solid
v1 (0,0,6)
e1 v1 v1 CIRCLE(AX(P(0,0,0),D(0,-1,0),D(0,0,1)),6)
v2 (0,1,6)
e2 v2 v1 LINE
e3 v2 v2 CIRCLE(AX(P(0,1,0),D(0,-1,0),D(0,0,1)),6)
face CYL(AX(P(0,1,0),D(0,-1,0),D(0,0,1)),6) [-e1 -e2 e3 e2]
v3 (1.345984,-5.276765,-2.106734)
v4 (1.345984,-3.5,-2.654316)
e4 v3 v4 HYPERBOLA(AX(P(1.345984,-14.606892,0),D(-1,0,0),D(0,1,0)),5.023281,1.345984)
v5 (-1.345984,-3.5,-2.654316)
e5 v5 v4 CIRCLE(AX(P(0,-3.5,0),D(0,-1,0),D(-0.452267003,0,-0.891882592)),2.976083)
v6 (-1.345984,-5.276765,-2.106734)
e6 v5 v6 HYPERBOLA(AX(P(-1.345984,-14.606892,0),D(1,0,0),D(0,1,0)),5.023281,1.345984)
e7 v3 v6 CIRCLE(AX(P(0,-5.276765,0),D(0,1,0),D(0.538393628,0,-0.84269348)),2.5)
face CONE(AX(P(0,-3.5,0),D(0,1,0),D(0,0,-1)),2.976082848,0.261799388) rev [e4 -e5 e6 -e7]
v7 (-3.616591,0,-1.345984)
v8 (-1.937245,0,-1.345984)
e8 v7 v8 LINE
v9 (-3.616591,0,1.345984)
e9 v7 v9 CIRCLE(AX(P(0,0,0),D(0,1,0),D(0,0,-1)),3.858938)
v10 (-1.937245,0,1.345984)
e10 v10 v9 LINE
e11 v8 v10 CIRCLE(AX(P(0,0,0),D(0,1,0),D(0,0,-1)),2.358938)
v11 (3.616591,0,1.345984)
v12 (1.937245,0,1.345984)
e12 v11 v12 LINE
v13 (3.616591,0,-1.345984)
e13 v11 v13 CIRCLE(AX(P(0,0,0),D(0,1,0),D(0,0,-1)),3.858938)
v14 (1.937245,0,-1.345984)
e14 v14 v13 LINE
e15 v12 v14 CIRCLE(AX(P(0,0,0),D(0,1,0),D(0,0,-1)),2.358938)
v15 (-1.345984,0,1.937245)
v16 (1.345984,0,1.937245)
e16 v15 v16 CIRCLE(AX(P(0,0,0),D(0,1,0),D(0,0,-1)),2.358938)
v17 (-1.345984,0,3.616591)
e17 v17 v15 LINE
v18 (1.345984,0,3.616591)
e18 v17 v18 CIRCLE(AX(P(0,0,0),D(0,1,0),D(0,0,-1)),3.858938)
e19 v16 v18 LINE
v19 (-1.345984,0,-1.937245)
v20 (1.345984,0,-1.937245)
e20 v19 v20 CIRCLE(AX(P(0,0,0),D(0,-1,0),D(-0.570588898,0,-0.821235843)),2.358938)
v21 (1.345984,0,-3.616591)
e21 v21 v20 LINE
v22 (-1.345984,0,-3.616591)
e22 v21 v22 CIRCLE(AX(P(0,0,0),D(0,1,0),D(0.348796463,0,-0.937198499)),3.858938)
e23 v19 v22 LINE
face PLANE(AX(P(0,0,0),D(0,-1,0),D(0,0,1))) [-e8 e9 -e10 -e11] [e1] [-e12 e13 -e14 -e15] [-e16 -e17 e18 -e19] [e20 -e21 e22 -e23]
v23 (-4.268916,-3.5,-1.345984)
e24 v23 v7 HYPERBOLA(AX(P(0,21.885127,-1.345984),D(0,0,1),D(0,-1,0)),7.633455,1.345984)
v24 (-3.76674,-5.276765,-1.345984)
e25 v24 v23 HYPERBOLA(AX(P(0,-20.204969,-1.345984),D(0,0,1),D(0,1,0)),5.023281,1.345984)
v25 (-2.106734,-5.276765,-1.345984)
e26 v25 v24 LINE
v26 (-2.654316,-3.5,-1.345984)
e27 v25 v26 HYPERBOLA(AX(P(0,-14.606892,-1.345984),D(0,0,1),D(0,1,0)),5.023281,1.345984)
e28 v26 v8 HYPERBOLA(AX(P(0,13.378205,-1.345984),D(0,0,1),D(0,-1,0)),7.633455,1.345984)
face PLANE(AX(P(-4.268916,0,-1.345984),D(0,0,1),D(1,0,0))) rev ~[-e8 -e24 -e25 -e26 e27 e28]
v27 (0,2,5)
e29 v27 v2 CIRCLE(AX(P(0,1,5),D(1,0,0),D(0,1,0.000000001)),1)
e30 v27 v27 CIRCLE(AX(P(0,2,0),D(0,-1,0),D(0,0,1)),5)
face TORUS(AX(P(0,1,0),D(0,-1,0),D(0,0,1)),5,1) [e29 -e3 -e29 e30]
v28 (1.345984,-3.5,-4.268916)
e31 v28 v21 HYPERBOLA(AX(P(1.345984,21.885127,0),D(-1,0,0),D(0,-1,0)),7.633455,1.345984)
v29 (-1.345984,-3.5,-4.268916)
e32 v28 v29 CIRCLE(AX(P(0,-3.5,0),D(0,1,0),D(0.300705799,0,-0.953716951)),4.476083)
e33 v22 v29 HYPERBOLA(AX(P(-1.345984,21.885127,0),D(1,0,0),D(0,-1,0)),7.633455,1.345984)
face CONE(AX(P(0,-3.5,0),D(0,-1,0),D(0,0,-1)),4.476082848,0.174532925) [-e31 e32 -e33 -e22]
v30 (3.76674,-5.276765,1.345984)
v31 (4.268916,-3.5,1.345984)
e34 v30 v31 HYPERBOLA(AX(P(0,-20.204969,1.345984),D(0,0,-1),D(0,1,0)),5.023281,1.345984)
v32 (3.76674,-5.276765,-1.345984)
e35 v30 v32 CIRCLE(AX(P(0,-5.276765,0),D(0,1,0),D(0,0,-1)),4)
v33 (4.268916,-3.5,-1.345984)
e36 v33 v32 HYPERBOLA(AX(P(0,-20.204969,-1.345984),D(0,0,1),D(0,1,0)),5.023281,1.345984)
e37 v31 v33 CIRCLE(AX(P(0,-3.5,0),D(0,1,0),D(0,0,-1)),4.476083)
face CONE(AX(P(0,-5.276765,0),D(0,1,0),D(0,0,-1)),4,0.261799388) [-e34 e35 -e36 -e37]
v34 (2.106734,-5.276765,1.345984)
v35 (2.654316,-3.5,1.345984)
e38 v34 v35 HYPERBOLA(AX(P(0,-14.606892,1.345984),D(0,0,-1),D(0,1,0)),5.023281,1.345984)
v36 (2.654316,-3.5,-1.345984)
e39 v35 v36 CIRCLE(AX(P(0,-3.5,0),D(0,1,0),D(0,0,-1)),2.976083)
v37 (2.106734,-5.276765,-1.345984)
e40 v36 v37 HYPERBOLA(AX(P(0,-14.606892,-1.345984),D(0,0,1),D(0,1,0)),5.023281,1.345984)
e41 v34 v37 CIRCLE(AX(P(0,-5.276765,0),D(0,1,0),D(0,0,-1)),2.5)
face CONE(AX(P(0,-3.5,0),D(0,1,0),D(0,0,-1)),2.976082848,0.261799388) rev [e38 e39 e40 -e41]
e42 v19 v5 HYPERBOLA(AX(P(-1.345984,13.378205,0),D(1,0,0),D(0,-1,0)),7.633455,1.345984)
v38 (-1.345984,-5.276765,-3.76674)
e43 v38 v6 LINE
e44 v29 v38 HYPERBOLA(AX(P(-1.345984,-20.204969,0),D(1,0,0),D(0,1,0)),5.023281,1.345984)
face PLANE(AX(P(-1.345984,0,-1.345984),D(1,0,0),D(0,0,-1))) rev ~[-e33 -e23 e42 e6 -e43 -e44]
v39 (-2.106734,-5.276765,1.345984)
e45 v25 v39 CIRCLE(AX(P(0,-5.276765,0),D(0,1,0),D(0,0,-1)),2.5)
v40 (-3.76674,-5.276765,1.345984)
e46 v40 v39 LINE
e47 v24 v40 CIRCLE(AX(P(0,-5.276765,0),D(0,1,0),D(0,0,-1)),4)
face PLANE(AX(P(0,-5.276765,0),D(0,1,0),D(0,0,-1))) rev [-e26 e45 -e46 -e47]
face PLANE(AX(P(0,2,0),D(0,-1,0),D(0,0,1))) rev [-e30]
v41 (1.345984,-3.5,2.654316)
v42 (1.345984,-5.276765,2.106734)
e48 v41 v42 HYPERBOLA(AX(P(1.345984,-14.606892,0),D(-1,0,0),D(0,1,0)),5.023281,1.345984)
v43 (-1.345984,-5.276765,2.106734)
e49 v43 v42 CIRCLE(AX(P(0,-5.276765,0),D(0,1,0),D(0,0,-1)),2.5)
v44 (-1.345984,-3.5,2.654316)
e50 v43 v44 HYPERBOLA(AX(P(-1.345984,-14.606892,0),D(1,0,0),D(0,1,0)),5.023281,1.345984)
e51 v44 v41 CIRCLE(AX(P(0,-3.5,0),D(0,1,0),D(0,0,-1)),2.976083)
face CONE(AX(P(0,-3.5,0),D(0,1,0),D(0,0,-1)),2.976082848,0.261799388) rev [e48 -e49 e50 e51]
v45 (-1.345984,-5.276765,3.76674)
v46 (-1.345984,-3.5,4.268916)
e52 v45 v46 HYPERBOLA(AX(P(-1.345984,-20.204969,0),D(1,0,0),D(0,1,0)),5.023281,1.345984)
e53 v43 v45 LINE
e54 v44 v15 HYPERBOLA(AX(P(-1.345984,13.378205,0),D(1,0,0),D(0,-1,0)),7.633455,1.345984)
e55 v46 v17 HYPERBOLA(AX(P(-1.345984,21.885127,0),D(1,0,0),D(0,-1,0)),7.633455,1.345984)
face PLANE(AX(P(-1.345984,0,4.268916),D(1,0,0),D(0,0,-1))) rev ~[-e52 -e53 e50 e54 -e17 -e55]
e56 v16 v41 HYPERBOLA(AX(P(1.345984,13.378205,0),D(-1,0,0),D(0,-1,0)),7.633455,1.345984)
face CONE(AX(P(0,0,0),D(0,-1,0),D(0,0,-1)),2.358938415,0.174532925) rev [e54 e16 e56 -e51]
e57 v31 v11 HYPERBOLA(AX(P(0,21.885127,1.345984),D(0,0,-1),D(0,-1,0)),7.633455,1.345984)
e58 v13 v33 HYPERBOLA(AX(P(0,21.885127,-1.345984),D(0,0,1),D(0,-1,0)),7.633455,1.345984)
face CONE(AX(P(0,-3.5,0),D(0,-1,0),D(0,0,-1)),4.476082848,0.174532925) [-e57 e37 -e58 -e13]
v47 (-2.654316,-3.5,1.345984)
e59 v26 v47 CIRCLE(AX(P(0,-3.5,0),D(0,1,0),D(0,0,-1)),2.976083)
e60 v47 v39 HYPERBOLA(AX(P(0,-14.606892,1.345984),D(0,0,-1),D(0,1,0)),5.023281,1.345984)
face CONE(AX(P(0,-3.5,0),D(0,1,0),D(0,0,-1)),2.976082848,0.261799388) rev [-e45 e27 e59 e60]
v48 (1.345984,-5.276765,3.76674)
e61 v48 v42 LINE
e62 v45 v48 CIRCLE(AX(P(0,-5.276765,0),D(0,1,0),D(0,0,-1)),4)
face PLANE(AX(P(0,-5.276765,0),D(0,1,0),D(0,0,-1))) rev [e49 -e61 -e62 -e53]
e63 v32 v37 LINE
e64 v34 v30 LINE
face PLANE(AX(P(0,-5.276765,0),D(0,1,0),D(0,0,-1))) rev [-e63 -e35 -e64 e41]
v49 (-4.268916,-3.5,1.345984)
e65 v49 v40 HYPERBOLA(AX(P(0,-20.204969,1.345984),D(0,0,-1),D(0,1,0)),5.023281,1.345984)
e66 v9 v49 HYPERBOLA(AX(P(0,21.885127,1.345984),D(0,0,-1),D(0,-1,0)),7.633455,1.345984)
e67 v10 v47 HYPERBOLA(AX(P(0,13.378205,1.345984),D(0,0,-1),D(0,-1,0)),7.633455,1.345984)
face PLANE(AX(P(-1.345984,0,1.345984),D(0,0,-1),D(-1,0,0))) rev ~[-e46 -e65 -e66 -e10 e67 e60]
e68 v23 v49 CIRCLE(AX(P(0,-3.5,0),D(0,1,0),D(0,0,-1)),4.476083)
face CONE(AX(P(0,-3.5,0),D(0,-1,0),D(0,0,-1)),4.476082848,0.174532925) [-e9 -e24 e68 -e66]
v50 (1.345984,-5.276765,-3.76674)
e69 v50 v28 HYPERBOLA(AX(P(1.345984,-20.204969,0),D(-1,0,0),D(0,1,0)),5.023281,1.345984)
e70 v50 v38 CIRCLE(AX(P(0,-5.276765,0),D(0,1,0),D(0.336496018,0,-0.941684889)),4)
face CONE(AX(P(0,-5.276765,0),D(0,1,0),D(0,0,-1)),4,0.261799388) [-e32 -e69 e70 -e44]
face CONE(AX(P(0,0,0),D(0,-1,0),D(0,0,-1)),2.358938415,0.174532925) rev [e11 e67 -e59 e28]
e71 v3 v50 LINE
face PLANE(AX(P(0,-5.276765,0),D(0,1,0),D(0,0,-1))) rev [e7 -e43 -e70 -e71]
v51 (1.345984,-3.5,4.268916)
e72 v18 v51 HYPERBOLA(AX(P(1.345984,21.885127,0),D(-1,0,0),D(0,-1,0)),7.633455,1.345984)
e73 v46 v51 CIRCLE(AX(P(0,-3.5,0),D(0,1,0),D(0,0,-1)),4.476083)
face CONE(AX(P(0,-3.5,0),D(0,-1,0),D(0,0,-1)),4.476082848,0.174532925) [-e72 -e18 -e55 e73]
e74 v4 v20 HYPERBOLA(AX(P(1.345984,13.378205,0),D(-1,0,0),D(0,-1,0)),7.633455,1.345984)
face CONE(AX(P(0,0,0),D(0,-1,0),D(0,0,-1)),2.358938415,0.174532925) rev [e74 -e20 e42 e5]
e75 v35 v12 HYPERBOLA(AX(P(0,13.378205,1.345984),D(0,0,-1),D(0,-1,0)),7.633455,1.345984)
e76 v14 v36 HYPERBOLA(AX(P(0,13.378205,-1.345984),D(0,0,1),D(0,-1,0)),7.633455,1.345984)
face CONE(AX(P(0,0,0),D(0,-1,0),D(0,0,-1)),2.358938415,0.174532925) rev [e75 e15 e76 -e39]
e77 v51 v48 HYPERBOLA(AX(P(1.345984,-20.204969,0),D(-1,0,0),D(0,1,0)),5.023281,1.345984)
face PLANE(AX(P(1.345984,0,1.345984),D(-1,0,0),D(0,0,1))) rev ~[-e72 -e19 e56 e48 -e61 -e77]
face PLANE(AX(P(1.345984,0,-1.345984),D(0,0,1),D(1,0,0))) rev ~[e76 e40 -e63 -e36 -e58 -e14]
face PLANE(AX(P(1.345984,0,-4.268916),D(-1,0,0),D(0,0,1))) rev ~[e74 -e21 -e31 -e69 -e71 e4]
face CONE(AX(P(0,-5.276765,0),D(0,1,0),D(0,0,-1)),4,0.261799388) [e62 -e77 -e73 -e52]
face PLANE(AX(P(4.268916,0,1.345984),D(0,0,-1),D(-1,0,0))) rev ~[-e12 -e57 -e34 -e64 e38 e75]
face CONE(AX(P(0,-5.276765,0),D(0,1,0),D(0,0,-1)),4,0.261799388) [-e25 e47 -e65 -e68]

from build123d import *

# Parameters (mm, degrees)
CUT_EXTRUDE1_DEPTH = 10.992209668


with BuildPart() as part:
    # Sketch1 → Revolve1 (revolve)
    with BuildSketch(Plane.XY, mode=Mode.PRIVATE) as revolve1_sk:
        with BuildLine():
            Line((0, 2), (-5, 2))
            ThreePointArc((-5, 2), (-5.707106781, 1.707106781), (-6, 1))
            Line((-6, 1), (-6, 0))
            Line((-6, 0), (0, 0))
            Line((0, 0), (0, 2))
        make_face()
    revolve(revolve1_sk.sketch.rotate(Axis((0, 2, 0), (0, -1, 0)), 270), axis=Axis((0, 2, 0), (0, -1, 0)))

    # Sketch2 → Revolve2 (revolve)
    with BuildSketch(Plane.XY, mode=Mode.PRIVATE) as revolve2_sk:
        Polygon((-4.476082848, -3.5), (-3.858938415, 0), (-2.358938415, 0), (-2.976082848, -3.5), (-2.5, -5.276765377), (-4, -5.276765377), align=None)
    revolve(revolve2_sk.sketch.rotate(Axis((0, -3.5, 0), (0, 1, 0)), 270), axis=Axis((0, -3.5, 0), (0, 1, 0)))

    # Sketch3 → Cut-Extrude1 (cut, through all)
    with BuildSketch(Plane(origin=(0, 0, 0), x_dir=(1, 0, 0), z_dir=(0, 1, 0))):
        with BuildLine():
            Line((-4.268916085, 1.345984071), (-1.345984071, 1.345984071))
            Line((-1.345984071, 1.345984071), (-1.345984071, 4.268916085))
            ThreePointArc((-1.345984071, 4.268916085), (-3.165068535, 3.165068535), (-4.268916085, 1.345984071))
        make_face()
        with BuildLine():
            Line((1.345984071, 1.345984071), (4.268916085, 1.345984071))
            ThreePointArc((4.268916085, 1.345984071), (3.165068535, 3.165068535), (1.345984071, 4.268916085))
            Line((1.345984071, 4.268916085), (1.345984071, 1.345984071))
        make_face()
        with BuildLine():
            Line((-1.345984071, -1.345984071), (-4.268916085, -1.345984071))
            ThreePointArc((-4.268916085, -1.345984071), (-3.165068535, -3.165068535), (-1.345984071, -4.268916085))
            Line((-1.345984071, -4.268916085), (-1.345984071, -1.345984071))
        make_face()
        with BuildLine():
            Line((1.345984071, -1.345984071), (1.345984071, -4.268916085))
            ThreePointArc((1.345984071, -4.268916085), (3.165068535, -3.165068535), (4.268916085, -1.345984071))
            Line((4.268916085, -1.345984071), (1.345984071, -1.345984071))
        make_face()
    extrude(amount=-CUT_EXTRUDE1_DEPTH, mode=Mode.SUBTRACT)


solid = part.part
